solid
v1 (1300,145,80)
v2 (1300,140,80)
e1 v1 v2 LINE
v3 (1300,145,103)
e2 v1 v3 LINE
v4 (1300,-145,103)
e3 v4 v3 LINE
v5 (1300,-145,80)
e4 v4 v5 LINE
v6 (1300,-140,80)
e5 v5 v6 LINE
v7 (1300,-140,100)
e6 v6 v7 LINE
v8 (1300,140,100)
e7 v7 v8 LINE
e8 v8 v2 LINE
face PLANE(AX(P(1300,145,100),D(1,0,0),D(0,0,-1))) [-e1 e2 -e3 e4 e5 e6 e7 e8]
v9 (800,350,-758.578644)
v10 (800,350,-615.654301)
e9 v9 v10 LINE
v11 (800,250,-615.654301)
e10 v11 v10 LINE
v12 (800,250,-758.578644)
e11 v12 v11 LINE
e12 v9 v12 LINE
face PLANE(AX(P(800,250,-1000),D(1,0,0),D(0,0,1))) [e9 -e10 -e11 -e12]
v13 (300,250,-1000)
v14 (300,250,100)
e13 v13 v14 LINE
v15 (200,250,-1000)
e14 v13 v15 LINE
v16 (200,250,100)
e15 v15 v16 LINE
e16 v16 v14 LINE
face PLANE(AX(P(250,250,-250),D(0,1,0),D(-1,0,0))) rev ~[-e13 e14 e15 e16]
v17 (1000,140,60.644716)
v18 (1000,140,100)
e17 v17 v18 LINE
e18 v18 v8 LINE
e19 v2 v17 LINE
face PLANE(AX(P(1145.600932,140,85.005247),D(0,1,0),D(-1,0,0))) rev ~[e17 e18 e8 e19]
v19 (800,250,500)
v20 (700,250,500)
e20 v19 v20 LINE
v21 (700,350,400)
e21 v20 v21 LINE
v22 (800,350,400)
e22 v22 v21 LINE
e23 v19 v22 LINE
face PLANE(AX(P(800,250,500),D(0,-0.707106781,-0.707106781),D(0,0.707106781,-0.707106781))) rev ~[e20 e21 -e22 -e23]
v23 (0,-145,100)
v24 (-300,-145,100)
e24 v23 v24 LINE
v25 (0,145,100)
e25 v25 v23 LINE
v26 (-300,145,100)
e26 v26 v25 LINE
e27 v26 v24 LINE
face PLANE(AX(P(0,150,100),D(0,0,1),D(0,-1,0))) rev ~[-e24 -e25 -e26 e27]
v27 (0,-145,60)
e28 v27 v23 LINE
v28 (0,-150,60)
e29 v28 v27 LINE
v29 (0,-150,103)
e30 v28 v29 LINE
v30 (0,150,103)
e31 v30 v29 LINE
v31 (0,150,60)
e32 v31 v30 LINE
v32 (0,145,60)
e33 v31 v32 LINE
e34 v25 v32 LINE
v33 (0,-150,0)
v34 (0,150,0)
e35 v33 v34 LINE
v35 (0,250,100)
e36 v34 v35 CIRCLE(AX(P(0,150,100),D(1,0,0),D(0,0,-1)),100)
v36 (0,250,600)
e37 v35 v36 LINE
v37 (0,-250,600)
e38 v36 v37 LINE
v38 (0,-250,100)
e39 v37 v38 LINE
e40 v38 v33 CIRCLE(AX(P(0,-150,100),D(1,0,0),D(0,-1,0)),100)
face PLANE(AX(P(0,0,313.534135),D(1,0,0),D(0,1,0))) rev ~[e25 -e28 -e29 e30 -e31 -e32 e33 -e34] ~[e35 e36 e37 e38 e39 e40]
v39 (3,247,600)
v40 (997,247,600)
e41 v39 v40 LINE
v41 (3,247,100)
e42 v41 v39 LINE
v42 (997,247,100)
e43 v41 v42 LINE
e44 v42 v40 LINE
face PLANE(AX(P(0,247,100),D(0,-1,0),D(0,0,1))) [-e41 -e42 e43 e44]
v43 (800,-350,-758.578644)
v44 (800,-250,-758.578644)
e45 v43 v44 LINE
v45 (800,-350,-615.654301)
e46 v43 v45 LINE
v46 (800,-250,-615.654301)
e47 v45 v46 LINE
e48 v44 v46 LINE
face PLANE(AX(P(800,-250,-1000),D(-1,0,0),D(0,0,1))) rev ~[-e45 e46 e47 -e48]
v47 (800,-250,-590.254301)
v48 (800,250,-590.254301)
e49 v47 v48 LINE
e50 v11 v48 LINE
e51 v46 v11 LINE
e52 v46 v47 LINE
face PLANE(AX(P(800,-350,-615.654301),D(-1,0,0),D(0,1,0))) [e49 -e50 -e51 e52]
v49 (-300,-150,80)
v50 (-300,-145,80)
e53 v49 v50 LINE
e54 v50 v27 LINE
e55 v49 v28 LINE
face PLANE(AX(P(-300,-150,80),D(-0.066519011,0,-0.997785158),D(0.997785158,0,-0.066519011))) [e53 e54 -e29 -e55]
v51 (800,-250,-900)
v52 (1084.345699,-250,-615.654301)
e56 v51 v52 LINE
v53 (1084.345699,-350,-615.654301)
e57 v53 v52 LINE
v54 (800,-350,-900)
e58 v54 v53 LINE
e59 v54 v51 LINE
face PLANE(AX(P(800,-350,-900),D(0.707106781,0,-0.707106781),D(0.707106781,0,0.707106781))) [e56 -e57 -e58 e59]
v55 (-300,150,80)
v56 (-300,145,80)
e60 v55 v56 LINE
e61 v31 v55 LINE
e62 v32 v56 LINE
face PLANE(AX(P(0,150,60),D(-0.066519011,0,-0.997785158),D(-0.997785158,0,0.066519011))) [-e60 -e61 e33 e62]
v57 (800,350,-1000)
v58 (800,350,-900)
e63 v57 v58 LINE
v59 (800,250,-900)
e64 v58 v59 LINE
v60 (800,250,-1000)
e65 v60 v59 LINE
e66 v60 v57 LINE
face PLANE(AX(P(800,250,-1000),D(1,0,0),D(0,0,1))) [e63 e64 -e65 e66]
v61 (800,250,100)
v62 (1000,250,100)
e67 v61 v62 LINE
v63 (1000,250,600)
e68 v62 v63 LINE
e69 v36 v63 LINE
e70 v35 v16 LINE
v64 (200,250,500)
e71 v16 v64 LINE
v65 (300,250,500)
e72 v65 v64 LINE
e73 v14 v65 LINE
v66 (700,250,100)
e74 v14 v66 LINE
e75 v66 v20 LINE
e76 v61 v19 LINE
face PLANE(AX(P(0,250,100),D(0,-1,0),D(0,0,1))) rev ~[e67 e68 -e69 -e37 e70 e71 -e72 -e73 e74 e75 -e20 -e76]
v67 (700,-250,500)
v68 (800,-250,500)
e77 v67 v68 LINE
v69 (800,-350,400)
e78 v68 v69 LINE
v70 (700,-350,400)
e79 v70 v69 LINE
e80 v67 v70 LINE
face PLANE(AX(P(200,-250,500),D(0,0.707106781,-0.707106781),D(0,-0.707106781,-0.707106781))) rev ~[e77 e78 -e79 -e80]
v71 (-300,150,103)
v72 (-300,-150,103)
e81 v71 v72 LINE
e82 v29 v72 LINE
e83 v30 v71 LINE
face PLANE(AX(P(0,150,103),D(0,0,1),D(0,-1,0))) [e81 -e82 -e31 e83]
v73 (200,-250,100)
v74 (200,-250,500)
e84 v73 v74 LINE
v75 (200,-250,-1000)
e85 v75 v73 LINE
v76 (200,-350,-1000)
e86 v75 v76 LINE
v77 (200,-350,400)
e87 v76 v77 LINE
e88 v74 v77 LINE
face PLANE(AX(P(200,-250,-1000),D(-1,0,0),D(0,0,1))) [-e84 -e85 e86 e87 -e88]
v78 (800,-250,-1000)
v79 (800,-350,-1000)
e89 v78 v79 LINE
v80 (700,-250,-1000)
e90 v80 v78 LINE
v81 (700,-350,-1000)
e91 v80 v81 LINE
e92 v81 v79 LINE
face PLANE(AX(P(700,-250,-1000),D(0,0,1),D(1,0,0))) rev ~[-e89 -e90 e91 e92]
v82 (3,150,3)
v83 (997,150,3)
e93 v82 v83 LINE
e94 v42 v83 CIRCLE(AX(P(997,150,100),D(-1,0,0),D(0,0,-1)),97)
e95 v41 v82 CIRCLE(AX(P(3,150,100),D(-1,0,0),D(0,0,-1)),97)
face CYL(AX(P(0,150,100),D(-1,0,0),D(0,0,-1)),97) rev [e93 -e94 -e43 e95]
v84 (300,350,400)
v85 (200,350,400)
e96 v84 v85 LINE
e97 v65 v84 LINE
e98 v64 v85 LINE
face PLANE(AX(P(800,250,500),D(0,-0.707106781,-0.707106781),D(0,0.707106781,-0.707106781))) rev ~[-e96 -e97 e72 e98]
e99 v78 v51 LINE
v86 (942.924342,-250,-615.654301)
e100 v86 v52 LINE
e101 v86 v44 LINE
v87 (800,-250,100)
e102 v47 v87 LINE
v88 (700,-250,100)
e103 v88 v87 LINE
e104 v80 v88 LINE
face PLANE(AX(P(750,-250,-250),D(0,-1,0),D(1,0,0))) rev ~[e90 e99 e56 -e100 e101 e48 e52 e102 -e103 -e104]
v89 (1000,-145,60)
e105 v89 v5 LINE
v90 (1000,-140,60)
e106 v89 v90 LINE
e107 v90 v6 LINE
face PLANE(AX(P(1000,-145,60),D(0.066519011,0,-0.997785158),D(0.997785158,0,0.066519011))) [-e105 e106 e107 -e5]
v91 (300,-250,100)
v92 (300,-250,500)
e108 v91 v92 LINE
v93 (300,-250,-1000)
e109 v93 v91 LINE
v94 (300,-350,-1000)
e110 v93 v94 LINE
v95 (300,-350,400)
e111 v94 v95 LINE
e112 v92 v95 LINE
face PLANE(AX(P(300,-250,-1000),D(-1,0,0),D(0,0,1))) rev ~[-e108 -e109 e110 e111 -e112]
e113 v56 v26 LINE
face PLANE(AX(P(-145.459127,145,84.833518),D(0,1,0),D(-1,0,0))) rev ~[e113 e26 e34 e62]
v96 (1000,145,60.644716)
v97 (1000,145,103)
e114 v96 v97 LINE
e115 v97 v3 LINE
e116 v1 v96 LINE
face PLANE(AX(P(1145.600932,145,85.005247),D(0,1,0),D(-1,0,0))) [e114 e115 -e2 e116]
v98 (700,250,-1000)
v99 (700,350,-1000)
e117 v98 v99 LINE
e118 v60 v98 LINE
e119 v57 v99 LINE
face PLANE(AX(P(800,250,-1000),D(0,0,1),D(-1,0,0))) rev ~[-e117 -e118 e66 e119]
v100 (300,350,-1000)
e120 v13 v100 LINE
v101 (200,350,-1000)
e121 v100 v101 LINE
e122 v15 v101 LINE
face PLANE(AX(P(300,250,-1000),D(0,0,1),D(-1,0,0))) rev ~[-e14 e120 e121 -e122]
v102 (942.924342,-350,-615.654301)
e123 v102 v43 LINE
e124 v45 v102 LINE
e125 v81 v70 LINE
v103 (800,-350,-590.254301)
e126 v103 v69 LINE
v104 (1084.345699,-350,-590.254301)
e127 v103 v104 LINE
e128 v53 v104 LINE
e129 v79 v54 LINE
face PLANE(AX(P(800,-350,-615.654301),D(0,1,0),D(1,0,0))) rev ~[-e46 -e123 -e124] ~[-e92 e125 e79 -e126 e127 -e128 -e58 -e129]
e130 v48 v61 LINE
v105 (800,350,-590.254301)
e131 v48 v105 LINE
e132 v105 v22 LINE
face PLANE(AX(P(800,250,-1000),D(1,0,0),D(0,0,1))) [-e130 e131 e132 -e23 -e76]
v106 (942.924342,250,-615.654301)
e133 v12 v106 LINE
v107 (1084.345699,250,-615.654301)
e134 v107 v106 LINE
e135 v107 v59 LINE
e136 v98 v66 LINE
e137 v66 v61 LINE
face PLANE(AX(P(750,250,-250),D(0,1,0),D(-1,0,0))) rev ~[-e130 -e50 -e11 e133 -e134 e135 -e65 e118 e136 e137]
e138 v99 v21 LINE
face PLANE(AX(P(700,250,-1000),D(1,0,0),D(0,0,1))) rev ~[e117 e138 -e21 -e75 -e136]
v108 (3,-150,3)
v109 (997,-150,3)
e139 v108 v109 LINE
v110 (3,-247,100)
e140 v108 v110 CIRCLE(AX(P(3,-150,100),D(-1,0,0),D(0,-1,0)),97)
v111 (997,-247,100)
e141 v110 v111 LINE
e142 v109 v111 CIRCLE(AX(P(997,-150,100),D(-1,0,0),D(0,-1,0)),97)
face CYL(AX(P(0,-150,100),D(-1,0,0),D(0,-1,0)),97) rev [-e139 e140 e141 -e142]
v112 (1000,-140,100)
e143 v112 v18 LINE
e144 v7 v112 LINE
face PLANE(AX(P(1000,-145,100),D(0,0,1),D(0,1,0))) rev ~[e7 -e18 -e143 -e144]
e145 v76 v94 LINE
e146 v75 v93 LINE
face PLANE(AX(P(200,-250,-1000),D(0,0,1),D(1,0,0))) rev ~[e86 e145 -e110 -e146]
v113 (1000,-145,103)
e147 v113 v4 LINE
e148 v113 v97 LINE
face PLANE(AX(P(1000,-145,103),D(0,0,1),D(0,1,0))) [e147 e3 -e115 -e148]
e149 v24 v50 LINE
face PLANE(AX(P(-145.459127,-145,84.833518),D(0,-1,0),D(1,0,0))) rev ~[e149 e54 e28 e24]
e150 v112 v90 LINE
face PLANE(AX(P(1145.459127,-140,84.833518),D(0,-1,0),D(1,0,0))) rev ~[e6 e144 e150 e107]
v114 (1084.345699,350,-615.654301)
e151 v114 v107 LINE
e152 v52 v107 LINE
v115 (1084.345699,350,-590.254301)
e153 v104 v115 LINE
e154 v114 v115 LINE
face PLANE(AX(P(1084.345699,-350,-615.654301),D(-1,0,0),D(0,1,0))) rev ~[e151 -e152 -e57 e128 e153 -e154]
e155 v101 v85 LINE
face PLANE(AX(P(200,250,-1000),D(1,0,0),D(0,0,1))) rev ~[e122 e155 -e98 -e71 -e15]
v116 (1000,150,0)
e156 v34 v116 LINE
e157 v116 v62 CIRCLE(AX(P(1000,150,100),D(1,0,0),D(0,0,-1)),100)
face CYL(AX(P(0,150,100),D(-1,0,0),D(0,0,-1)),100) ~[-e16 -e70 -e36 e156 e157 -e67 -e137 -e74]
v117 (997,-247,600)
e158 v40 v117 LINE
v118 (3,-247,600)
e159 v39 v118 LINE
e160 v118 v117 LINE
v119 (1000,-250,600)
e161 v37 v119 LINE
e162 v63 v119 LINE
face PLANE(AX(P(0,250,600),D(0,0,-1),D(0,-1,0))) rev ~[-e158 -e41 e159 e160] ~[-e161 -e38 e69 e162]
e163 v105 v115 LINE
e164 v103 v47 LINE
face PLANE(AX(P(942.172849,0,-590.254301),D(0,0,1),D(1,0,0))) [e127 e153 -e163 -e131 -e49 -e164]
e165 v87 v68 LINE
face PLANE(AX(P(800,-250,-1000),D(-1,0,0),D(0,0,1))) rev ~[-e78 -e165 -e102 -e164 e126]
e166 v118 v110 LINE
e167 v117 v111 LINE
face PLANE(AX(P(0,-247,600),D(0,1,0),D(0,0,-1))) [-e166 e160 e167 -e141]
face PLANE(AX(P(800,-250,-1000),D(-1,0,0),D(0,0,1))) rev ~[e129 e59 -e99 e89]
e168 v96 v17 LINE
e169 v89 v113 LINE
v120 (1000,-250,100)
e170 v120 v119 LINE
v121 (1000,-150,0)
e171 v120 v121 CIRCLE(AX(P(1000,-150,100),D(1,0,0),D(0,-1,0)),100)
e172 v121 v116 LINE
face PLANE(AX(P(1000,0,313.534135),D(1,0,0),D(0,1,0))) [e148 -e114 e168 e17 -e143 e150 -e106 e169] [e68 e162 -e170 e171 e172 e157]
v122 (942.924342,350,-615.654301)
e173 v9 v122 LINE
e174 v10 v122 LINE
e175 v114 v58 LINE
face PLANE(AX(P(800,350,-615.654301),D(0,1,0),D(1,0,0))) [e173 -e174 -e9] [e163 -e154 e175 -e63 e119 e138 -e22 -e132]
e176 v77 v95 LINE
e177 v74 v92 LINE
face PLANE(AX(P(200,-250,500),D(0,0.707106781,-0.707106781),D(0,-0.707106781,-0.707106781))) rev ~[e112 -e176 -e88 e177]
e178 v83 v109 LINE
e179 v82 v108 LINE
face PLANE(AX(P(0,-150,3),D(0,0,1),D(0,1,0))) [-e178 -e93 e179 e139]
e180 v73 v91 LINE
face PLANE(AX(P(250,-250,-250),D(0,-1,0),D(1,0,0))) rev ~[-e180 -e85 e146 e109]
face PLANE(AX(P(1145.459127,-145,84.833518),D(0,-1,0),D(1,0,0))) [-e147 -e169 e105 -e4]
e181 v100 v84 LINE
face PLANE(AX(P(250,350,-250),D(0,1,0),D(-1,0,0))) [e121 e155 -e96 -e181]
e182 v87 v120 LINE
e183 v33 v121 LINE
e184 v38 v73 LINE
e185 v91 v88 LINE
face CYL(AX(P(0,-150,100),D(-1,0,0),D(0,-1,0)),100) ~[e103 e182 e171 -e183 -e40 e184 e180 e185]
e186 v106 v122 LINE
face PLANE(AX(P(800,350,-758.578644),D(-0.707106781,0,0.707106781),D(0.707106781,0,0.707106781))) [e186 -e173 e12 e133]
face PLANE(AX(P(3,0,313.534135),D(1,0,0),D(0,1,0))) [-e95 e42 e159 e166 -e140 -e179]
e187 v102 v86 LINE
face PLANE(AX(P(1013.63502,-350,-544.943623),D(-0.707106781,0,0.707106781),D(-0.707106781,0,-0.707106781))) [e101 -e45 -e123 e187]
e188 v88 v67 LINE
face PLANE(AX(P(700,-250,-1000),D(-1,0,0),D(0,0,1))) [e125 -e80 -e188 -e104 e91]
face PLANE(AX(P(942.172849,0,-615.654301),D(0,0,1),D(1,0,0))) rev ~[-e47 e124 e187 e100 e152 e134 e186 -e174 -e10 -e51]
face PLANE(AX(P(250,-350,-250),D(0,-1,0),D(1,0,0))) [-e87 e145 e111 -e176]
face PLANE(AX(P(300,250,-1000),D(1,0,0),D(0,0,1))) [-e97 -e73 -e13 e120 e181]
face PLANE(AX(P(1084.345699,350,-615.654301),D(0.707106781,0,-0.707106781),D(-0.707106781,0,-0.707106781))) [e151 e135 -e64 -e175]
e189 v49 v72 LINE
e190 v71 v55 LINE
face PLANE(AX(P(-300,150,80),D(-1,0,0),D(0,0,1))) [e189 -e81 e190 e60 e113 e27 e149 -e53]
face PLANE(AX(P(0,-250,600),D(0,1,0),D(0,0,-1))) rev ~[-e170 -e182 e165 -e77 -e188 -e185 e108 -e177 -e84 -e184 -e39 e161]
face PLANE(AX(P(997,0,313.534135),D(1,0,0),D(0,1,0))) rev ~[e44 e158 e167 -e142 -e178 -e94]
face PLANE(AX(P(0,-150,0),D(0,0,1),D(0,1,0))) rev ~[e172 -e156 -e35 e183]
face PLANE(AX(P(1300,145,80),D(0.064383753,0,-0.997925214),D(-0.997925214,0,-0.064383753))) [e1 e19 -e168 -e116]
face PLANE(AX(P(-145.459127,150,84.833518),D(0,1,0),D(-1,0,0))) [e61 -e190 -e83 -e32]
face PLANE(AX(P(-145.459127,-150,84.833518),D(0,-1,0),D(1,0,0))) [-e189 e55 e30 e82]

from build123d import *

# Parameters (mm, degrees)
F1_DEPTH  = 1000
F2_T      = -3
F3_W      = 300
F3_H      = 3
F4_DEPTH  = 300
F6_DEPTH  = 5
F8_DEPTH  = 5
F9_W      = 100
F9_H      = 1500
F10_DEPTH = 100
F12_DEPTH = 800.001
F13_W     = 100
F13_H     = 1500
F14_DEPTH = 100
F16_DEPTH = 1100.001
F17_W     = 290
F17_H     = 3
F18_DEPTH = 300
F20_DEPTH = 5
F22_DEPTH = 5
F24_DEPTH = 100
F26_DEPTH = 100
F28_DEPTH = 744.22
F29_W     = 284.3456985965
F29_H     = 700
F30_DEPTH = 25.4


with BuildPart() as f1:
    # F0 (on Right) → F1 (new body)
    with BuildSketch(Plane.YZ):
        with BuildLine():
            Line((250, 100), (250, 600))
            Line((250, 600), (-250, 600))
            Line((-250, 600), (-250, 100))
            ThreePointArc((-250, 100), (-220.7106781187, 29.2893218813), (-150, 0))
            Line((-150, 0), (150, 0))
            ThreePointArc((150, 0), (220.7106781187, 29.2893218813), (250, 100))
        make_face()
    extrude(amount=F1_DEPTH)

    # F2
    f2_openings = [f1.faces().sort_by_distance(p)[0] for p in [
        (500, 0, 600),
    ]]
    offset(amount=F2_T, openings=f2_openings)

    # F3 (on face) → F4 (join)
    with BuildSketch(Plane(origin=(0, 0, 0), x_dir=(0, -1, 0), z_dir=(-1, 0, 0))):
        with Locations((0, 101.5)):
            Rectangle(F3_W, F3_H)
    extrude(amount=F4_DEPTH)

    # F5 (on face) → F6 (join)
    with BuildSketch(Plane.XZ.offset(150)):
        Polygon((0, 100), (-300, 100), (-300, 80), (0, 60), align=None)
    extrude(amount=-F6_DEPTH)

    # F7 (on face) → F8 (join)
    with BuildSketch(Plane(origin=(0, 150, 0), x_dir=(-1, 0, 0), z_dir=(0, 1, 0))):
        Polygon((300, 100), (0, 100), (0, 60), (300, 80), align=None)
    extrude(amount=-F8_DEPTH)

    # F9 (on face) → F10 (join)
    with BuildSketch(Plane.XZ.offset(250)):
        with Locations((250, -250)):
            Rectangle(F9_W, F9_H)
        with Locations((750, -250)):
            Rectangle(F9_W, F9_H)
    extrude(amount=F10_DEPTH)

    # F11 (on face) → F12 (cut, through all)
    with BuildSketch(Plane(origin=(200, 0, 0), x_dir=(0, -1, 0), z_dir=(-1, 0, 0))):
        Polygon((350, 500), (250, 500), (350, 400), align=None)
    extrude(amount=-F12_DEPTH, mode=Mode.SUBTRACT)

    # F13 (on face) → F14 (join)
    with BuildSketch(Plane(origin=(0, 250, 0), x_dir=(-1, 0, 0), z_dir=(0, 1, 0))):
        with Locations((-750, -250)):
            Rectangle(F13_W, F13_H)
        with Locations((-250, -250)):
            Rectangle(F13_W, F13_H)
    extrude(amount=F14_DEPTH)

    # F15 (on face) → F16 (cut, through all)
    with BuildSketch(Plane.YZ.offset(800)):
        Polygon((350, 500), (250, 500), (350, 400), align=None)
    extrude(amount=-F16_DEPTH, mode=Mode.SUBTRACT)

    # F17 (on face) → F18 (join)
    with BuildSketch(Plane.YZ.offset(1000)):
        with Locations((0, 101.5)):
            Rectangle(F17_W, F17_H)
    extrude(amount=F18_DEPTH)

    # F19 (on face) → F20 (join)
    with BuildSketch(Plane.XZ.offset(145)):
        Polygon((1300, 100), (1000, 100), (1000, 60), (1300, 80), align=None)
    extrude(amount=-F20_DEPTH)

    # F21 (on face) → F22 (join)
    with BuildSketch(Plane(origin=(0, 145, 0), x_dir=(-1, 0, 0), z_dir=(0, 1, 0))):
        Polygon((-1000, 100), (-1300, 100), (-1300, 80), (-1000, 60.6447160244), align=None)
    extrude(amount=-F22_DEPTH)

    # F23 (on face) → F24 (join, through all)
    with BuildSketch(Plane.XZ.offset(350)):
        Polygon((800, -758.5786437627), (800, -900), (1084.3456985965, -615.6543014035), (1013.6350204779, -544.9436232848), align=None)
    extrude(amount=-F24_DEPTH)

    # F25 (on face) → F26 (join)
    with BuildSketch(Plane(origin=(0, 350, 0), x_dir=(-1, 0, 0), z_dir=(0, 1, 0))):
        Polygon((-1084.3456985965, -615.6543014035), (-800, -900), (-800, -758.5786437627), (-1013.6350204779, -544.9436232848), align=None)
    extrude(amount=-F26_DEPTH)

    # F27 (on face) → F28 (cut)
    with BuildSketch(Plane.XZ.offset(350)):
        Polygon((942.9243423592, -615.6543014035), (1084.3456985965, -615.6543014035), (1013.6350204779, -544.9436232848), align=None)
    extrude(amount=-F28_DEPTH, mode=Mode.SUBTRACT)

    # F29 (on face) → F30 (join)
    with BuildSketch(Plane.XY.offset(-615.6543014035)):
        with Locations((942.1728492983, 0)):
            Rectangle(F29_W, F29_H)
    extrude(amount=F30_DEPTH)


solid = f1.part
